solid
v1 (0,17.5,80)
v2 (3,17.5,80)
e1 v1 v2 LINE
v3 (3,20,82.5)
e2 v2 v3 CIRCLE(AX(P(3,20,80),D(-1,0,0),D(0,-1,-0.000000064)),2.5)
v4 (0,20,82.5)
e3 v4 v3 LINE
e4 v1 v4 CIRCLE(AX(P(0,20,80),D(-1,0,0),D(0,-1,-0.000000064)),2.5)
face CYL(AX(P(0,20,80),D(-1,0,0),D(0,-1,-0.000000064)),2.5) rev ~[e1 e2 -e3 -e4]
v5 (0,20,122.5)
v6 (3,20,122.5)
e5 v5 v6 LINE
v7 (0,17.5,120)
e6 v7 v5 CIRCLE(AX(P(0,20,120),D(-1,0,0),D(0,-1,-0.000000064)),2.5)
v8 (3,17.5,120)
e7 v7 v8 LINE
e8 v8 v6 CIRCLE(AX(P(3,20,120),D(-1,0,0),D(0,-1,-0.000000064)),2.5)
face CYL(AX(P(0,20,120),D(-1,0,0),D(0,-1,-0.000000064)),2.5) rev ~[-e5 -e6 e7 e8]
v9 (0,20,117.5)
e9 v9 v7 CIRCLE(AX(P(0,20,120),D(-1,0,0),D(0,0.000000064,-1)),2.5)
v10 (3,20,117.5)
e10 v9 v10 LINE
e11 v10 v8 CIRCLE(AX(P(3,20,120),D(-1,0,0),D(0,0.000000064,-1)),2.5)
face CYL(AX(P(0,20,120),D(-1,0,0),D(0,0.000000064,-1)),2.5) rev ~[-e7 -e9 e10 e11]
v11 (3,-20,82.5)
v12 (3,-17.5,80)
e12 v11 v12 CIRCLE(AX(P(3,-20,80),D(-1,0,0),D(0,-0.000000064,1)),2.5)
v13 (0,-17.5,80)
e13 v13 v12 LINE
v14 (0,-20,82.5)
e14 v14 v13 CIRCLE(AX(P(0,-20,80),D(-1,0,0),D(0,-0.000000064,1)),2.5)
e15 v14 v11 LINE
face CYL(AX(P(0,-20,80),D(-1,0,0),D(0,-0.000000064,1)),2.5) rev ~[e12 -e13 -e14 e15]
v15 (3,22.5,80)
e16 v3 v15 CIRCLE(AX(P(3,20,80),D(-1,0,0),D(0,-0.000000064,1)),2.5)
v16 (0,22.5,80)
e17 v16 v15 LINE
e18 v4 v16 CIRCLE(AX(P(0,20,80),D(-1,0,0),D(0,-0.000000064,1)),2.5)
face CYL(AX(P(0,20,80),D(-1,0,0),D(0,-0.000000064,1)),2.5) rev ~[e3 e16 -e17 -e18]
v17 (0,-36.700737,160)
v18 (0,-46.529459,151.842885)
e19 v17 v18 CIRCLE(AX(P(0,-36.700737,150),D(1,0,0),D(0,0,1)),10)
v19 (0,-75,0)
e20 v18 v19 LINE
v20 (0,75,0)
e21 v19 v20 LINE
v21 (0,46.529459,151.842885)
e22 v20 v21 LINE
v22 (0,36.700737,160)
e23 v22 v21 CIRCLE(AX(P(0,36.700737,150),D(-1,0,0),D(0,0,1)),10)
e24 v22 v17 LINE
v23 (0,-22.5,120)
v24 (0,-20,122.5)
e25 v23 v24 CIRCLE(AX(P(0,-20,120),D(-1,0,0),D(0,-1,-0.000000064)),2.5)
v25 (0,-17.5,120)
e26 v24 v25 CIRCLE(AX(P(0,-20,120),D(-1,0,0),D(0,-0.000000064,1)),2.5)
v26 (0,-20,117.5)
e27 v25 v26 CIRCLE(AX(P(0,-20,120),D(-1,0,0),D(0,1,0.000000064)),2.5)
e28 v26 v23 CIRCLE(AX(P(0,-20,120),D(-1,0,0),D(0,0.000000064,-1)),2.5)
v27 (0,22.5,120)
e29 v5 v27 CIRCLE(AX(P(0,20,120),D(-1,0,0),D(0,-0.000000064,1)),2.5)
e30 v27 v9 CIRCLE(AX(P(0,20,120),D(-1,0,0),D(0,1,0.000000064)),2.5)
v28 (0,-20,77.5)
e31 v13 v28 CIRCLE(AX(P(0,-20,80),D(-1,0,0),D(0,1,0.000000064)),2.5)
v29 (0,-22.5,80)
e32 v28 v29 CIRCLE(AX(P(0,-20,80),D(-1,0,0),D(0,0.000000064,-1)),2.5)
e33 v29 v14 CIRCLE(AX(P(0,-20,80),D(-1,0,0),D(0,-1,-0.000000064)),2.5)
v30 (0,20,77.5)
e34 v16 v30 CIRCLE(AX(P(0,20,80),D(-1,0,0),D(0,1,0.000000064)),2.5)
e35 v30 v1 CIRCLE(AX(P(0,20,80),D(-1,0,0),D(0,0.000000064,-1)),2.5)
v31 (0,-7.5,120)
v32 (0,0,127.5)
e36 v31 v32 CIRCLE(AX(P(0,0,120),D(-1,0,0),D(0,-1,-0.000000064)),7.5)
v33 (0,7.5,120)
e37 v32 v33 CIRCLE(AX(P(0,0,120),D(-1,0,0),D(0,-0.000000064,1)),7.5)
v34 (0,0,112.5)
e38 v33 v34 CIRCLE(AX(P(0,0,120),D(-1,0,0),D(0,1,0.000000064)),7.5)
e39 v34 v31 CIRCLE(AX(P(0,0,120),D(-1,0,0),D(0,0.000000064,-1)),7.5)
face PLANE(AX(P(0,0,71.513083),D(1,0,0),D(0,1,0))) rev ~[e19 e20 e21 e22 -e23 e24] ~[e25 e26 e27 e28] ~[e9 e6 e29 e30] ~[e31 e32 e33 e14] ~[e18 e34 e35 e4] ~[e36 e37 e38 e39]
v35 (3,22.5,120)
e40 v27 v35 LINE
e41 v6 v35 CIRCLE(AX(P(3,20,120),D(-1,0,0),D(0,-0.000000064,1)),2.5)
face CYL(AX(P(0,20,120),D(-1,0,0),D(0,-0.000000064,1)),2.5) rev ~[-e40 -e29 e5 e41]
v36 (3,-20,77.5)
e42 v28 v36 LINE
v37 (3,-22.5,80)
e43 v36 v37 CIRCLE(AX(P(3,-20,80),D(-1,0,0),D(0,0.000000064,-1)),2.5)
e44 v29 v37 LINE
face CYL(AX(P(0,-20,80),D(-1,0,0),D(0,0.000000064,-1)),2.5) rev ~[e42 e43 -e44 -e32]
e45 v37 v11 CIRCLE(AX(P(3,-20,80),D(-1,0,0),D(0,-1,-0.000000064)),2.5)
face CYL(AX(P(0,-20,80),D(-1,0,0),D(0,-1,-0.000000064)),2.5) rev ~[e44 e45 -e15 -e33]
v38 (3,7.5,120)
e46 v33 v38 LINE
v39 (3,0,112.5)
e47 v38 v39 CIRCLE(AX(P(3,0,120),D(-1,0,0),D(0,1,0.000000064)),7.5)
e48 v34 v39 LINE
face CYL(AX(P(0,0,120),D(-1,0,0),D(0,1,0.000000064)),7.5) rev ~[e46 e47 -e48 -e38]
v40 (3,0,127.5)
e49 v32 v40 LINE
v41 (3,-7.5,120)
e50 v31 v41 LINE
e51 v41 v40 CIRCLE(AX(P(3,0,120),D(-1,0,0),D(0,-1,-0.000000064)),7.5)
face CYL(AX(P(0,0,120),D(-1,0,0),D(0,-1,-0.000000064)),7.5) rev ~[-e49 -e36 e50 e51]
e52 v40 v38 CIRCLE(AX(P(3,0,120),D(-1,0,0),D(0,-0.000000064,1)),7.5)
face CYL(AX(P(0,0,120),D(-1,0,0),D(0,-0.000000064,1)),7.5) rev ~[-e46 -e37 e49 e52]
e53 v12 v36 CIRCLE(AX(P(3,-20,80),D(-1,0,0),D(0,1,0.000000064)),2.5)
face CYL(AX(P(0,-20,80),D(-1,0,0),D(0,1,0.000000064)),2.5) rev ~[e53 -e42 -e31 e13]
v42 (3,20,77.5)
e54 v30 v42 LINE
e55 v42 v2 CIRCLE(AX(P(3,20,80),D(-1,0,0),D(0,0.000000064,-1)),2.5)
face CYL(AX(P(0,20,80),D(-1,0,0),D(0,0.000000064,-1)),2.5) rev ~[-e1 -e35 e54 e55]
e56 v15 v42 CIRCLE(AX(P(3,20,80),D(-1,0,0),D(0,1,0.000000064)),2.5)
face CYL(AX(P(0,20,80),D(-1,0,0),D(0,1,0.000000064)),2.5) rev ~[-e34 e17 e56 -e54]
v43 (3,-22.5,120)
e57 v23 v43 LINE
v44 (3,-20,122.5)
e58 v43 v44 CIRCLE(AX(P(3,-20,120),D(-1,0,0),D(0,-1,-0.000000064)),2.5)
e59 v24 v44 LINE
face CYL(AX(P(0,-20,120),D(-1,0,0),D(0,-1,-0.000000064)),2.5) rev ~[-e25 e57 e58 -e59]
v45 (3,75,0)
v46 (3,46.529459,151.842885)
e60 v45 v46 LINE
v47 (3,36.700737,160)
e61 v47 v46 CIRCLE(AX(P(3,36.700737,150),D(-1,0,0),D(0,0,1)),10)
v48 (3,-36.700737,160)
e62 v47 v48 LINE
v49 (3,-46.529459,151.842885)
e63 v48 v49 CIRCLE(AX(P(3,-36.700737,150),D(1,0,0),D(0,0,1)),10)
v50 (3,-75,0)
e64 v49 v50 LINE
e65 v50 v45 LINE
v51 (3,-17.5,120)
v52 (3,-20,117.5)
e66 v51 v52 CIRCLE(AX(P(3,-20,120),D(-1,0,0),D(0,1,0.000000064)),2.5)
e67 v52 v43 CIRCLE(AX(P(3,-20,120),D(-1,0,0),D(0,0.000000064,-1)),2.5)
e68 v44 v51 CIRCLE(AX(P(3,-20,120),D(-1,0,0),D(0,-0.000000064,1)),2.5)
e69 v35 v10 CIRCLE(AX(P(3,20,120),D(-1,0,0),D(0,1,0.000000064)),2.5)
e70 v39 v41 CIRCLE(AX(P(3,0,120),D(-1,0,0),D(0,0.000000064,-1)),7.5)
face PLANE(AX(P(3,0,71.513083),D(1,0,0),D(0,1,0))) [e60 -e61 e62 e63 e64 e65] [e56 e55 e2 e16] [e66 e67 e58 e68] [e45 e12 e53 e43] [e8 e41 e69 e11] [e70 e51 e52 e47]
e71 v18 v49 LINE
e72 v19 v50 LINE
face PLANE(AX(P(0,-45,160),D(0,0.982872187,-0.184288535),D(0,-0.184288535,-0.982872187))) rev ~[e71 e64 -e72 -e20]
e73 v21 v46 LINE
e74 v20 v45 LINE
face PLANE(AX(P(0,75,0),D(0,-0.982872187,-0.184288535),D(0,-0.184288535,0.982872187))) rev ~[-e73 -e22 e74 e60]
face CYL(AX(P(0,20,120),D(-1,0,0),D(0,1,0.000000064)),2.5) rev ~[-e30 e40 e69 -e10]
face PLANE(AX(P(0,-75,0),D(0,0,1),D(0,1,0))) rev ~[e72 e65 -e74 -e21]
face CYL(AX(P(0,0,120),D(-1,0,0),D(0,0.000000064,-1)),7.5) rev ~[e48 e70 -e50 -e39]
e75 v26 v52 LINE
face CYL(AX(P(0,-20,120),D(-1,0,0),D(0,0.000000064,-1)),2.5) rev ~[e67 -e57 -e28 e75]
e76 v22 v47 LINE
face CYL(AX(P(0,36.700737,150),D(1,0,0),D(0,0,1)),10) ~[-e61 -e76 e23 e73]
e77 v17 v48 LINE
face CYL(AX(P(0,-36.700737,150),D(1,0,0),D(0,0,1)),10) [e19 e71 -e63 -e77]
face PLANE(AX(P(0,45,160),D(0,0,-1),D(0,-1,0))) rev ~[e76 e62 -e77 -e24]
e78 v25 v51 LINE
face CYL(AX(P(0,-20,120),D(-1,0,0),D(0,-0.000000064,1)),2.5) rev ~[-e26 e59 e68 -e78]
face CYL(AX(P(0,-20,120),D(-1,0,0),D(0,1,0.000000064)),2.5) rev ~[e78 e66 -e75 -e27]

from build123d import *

# Parameters (mm, degrees)
F1_DEPTH = 3
F2_R     = 10


with BuildPart() as f1:
    # F0 (on Right) → F1 (new body)
    with BuildSketch(Plane.YZ):
        Polygon((45, 160), (0, 160), (-45, 160), (-75, 0), (0, 0), (75, 0), align=None)
        with BuildLine():
            ThreePointArc((-20, 82.5), (-18.232233, 81.767767), (-17.5, 80))
            ThreePointArc((-17.5, 80), (-18.232233, 78.232233), (-20, 77.5))
            ThreePointArc((-20, 77.5), (-21.767767, 78.232233), (-22.5, 80))
            ThreePointArc((-22.5, 80), (-21.767767, 81.767767), (-20, 82.5))
        make_face(mode=Mode.SUBTRACT)
        with BuildLine():
            ThreePointArc((-20, 122.5), (-18.232233, 121.767767), (-17.5, 120))
            ThreePointArc((-17.5, 120), (-18.232233, 118.232233), (-20, 117.5))
            ThreePointArc((-20, 117.5), (-21.767767, 118.232233), (-22.5, 120))
            ThreePointArc((-22.5, 120), (-21.767767, 121.767767), (-20, 122.5))
        make_face(mode=Mode.SUBTRACT)
        with BuildLine():
            ThreePointArc((22.5, 80), (21.767767, 78.232233), (20, 77.5))
            ThreePointArc((20, 77.5), (18.232233, 78.232233), (17.5, 80))
            ThreePointArc((17.5, 80), (18.232233, 81.767767), (20, 82.5))
            ThreePointArc((20, 82.5), (21.767767, 81.767767), (22.5, 80))
        make_face(mode=Mode.SUBTRACT)
        with BuildLine():
            ThreePointArc((0, 127.5), (5.303301, 125.303301), (7.5, 120))
            ThreePointArc((7.5, 120), (5.303301, 114.696699), (0, 112.5))
            ThreePointArc((0, 112.5), (-5.303301, 114.696699), (-7.5, 120))
            ThreePointArc((-7.5, 120), (-5.303301, 125.303301), (0, 127.5))
        make_face(mode=Mode.SUBTRACT)
        with BuildLine():
            ThreePointArc((20, 122.5), (21.767767, 121.767767), (22.5, 120))
            ThreePointArc((22.5, 120), (21.767767, 118.232233), (20, 117.5))
            ThreePointArc((20, 117.5), (18.232233, 118.232233), (17.5, 120))
            ThreePointArc((17.5, 120), (18.232233, 121.767767), (20, 122.5))
        make_face(mode=Mode.SUBTRACT)
    extrude(amount=F1_DEPTH)

    # F2
    f2_edges = [f1.edges().sort_by_distance(p)[0] for p in [
        (1.5, -45, 160),
        (1.5, 45, 160),
    ]]
    fillet(f2_edges, radius=F2_R)


solid = f1.part
